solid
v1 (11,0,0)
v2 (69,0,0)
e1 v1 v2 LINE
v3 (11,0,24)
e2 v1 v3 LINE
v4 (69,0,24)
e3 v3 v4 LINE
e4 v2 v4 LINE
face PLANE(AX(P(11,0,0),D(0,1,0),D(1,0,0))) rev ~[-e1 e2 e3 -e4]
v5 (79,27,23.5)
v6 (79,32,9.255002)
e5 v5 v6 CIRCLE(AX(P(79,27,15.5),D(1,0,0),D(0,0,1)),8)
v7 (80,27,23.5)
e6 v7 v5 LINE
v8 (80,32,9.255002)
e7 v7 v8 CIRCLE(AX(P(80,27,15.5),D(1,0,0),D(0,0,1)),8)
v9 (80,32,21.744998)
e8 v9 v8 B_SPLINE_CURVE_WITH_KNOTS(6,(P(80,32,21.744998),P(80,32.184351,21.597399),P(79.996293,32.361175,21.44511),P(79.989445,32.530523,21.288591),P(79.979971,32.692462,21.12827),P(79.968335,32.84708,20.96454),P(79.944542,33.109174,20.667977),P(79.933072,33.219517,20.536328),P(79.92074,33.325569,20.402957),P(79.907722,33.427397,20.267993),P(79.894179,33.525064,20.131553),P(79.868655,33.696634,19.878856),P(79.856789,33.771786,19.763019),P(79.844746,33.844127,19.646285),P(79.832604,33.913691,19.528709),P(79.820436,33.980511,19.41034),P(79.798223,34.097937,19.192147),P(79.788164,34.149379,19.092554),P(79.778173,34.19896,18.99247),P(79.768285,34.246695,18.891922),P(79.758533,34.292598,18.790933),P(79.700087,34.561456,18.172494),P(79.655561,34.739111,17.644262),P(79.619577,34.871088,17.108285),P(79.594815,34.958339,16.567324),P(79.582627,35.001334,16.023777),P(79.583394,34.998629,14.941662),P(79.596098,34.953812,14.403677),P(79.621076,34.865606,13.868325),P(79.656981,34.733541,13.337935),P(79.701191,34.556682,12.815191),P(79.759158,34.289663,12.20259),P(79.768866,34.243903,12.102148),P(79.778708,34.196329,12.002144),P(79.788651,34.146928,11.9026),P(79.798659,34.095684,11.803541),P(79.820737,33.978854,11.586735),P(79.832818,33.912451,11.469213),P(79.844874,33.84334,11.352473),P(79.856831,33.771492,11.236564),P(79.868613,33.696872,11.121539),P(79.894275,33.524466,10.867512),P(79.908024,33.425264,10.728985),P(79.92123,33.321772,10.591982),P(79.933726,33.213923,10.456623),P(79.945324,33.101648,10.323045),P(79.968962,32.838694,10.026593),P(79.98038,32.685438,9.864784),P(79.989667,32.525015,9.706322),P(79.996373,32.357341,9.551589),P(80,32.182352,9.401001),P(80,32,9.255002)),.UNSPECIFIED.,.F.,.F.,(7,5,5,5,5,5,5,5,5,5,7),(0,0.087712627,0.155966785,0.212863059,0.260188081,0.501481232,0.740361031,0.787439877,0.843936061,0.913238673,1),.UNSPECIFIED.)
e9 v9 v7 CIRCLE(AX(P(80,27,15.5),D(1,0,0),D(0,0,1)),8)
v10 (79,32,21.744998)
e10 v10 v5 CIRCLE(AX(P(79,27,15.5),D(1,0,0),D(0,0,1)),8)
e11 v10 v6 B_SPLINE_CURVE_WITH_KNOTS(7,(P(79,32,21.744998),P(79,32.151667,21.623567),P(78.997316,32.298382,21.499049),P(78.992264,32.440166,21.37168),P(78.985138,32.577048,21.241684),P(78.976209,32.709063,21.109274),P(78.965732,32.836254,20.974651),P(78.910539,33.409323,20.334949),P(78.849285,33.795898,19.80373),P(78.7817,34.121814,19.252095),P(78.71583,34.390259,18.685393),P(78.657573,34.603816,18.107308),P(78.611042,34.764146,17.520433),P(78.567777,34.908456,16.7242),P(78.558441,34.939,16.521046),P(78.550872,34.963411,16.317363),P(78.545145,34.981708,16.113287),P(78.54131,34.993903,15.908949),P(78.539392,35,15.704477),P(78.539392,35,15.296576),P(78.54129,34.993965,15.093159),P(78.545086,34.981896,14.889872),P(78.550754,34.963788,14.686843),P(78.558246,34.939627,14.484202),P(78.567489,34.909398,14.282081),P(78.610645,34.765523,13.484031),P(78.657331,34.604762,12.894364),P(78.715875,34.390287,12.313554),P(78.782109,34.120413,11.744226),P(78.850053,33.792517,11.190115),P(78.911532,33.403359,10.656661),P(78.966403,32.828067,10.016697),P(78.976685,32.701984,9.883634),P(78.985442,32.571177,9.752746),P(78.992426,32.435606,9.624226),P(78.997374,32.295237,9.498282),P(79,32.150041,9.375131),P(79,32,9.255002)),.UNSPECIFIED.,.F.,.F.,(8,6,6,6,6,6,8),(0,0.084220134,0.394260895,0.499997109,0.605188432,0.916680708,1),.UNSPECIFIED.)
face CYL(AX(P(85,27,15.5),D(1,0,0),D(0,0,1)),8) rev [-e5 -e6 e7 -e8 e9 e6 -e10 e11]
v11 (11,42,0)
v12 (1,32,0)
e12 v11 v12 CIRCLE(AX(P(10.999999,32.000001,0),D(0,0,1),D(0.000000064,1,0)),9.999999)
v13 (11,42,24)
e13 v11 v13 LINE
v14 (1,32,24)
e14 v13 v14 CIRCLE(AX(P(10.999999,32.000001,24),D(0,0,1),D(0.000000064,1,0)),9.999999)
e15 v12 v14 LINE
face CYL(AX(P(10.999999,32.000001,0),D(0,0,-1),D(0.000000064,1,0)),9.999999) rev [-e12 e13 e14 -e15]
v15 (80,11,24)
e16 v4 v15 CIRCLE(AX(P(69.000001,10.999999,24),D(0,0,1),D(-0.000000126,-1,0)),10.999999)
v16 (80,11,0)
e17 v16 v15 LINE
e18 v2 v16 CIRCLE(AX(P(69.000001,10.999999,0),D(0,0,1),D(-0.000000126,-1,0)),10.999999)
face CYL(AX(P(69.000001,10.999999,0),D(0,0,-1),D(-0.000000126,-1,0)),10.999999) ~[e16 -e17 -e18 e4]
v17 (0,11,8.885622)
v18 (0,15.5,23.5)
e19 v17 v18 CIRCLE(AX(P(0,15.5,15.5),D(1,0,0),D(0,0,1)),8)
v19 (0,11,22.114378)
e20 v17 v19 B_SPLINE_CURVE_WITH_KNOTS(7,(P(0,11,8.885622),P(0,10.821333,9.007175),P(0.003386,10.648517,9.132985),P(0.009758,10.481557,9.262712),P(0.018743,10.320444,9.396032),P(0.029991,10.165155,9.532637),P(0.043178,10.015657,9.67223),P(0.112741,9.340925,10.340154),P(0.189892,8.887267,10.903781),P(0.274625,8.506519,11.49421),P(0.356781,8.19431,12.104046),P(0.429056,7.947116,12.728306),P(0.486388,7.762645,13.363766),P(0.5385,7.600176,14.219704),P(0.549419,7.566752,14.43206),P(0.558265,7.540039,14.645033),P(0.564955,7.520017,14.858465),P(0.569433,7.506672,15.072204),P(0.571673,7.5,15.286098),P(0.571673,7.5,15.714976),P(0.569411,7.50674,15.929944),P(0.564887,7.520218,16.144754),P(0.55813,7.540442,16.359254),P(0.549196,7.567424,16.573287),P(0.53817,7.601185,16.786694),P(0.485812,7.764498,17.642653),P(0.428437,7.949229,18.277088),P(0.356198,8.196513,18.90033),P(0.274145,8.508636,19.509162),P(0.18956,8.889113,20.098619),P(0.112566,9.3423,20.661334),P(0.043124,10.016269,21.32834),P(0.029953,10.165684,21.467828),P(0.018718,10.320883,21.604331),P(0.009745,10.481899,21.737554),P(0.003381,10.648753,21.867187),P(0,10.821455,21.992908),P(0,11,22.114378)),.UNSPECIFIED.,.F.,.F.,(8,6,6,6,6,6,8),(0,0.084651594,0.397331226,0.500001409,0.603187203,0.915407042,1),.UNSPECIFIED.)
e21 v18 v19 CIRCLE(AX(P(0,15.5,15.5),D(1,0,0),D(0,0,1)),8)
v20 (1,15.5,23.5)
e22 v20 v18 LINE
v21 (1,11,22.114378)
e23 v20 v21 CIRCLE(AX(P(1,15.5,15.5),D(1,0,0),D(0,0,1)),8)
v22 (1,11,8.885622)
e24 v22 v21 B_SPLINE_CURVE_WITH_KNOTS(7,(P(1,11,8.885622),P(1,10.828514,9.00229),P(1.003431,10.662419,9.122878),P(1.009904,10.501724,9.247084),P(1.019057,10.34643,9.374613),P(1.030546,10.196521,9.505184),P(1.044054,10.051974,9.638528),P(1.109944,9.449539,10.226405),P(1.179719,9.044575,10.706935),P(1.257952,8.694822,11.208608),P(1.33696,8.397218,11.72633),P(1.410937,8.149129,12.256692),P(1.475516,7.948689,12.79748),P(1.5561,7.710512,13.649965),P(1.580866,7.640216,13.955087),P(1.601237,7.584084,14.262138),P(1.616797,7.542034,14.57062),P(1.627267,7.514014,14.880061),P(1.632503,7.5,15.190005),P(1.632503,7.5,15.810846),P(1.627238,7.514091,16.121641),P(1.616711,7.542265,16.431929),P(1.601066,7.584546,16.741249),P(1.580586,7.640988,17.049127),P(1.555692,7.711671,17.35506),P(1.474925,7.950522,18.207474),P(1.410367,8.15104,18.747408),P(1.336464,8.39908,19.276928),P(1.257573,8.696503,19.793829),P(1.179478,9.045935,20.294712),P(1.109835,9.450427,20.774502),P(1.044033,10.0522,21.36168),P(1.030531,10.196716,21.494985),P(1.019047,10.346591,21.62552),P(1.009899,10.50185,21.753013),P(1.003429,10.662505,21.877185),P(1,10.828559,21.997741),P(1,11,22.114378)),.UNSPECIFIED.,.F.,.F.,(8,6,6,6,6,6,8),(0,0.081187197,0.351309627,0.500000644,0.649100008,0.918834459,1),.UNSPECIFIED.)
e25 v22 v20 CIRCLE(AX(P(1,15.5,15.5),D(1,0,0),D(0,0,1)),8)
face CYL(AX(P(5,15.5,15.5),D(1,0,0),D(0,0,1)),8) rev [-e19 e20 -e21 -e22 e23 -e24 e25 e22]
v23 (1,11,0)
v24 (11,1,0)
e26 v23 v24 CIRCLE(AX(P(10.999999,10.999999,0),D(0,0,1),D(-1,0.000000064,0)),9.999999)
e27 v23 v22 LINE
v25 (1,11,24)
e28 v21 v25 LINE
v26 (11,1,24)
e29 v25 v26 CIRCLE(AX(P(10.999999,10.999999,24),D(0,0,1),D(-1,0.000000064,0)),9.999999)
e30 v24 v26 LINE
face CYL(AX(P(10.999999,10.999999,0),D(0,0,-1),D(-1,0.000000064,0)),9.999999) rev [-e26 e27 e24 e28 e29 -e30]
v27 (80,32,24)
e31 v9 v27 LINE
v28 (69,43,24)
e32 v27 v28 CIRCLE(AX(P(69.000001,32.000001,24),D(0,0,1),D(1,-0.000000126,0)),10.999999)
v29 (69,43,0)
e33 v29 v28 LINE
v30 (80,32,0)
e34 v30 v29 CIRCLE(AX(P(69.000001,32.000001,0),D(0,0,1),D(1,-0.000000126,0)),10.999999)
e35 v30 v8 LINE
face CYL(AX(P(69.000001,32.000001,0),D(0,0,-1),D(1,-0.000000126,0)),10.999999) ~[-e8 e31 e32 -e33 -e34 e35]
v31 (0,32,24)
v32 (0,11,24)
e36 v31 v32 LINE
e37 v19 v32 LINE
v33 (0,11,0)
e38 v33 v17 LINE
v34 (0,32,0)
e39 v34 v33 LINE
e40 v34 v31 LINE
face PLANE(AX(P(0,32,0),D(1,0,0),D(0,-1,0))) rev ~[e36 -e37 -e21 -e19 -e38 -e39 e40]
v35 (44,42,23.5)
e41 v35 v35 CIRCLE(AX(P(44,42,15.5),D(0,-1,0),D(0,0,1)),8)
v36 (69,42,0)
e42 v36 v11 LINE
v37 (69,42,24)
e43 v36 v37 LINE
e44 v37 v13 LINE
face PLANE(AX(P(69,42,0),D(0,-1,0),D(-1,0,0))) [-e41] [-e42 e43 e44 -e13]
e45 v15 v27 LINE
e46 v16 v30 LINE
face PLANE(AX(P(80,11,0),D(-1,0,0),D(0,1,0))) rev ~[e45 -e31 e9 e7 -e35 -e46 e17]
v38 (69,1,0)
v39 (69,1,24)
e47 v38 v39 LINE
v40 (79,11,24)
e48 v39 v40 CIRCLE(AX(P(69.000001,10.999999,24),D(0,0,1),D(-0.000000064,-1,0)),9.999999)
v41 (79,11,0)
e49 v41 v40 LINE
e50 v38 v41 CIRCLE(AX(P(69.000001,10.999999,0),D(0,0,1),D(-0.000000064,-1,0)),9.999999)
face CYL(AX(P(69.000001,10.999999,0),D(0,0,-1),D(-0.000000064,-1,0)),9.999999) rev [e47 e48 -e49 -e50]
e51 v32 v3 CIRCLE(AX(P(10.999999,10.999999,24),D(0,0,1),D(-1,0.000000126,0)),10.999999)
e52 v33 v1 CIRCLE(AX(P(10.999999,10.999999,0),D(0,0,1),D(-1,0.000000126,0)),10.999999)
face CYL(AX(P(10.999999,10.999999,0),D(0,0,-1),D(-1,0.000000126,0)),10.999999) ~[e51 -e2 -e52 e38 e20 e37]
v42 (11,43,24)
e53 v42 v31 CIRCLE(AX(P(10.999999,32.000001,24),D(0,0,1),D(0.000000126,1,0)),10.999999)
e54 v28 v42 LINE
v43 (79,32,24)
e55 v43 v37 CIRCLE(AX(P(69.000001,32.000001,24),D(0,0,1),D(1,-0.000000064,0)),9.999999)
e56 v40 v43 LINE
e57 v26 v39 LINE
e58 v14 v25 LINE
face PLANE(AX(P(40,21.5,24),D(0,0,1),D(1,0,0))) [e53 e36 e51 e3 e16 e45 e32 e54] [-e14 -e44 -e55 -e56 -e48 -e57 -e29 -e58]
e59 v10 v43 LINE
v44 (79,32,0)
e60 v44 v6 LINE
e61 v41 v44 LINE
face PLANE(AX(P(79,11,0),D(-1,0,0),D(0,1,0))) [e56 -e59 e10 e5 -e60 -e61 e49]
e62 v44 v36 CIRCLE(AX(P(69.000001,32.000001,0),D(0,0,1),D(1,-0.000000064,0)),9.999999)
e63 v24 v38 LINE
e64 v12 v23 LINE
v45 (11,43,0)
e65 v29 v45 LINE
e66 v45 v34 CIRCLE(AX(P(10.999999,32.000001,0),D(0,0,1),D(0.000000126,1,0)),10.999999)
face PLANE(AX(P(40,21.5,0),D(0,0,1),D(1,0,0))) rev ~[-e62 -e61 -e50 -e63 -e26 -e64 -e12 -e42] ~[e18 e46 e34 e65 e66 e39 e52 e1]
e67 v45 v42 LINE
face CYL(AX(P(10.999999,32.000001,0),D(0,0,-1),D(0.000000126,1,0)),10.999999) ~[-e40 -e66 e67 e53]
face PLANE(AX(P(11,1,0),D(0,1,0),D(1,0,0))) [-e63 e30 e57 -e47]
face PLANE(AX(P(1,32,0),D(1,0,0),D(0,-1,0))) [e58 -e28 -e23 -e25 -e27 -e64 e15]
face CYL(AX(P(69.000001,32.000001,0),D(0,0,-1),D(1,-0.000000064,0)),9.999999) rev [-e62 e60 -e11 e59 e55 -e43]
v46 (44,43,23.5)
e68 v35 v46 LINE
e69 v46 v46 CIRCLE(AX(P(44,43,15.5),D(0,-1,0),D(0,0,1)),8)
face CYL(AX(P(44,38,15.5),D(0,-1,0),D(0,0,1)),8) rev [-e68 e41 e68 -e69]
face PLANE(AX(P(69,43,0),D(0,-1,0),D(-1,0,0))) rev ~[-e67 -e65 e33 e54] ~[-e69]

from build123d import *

# Parameters (mm, degrees)
CYLINDER033_R     = 8
CYLINDER033_DEPTH = 10
CYLINDER034_R     = 8
CYLINDER034_DEPTH = 10
CYLINDER042_R     = 8
CYLINDER042_DEPTH = 10
PAD_DEPTH         = 24


with BuildPart() as b_w:
    # Cylinder033 → Cylinder033 (new body)
    with BuildSketch(Plane(origin=(5, 15.5, 15.5), x_dir=(0, 0, 1), z_dir=(-1, 0, 0))):
        Circle(CYLINDER033_R)
    extrude(amount=CYLINDER033_DEPTH)


with BuildPart() as b_o:
    # Cylinder034 → Cylinder034 (new body)
    with BuildSketch(Plane(origin=(85, 27, 15.5), x_dir=(0, 0, 1), z_dir=(-1, 0, 0))):
        Circle(CYLINDER034_R)
    extrude(amount=CYLINDER034_DEPTH)


with BuildPart() as b_n001:
    # Cylinder042 → Cylinder042 (new body)
    with BuildSketch(Plane(origin=(44, 38, 15.5), x_dir=(0, 0, 1), z_dir=(0, 1, 0))):
        Circle(CYLINDER042_R)
    extrude(amount=CYLINDER042_DEPTH)


with BuildPart() as cut034:
    # Sketch → Pad (new body)
    with BuildSketch(Plane.XY):
        with BuildLine():
            Line((11, 0), (69, 0))
            ThreePointArc((69, 0), (76.778175, 3.221825), (80, 11))
            Line((80, 11), (80, 32))
            ThreePointArc((80, 32), (76.778175, 39.778175), (69, 43))
            Line((69, 43), (11, 43))
            ThreePointArc((11, 43), (3.221825, 39.778175), (0, 32))
            Line((0, 32), (0, 11))
            ThreePointArc((0, 11), (3.221825, 3.221825), (11, 0))
        make_face()
        with BuildLine():
            Line((11, 1), (69, 1))
            ThreePointArc((69, 1), (76.071068, 3.928932), (79, 11))
            Line((79, 11), (79, 32))
            ThreePointArc((79, 32), (76.071068, 39.071068), (69, 42))
            Line((69, 42), (11, 42))
            ThreePointArc((11, 42), (3.928932, 39.071068), (1, 32))
            Line((1, 32), (1, 11))
            ThreePointArc((1, 11), (3.928932, 3.928932), (11, 1))
        make_face(mode=Mode.SUBTRACT)
    extrude(amount=PAD_DEPTH)

    # Cut032: cut B_N001
    add(b_n001.part, mode=Mode.SUBTRACT)

    # Cut033: cut B_O
    add(b_o.part, mode=Mode.SUBTRACT)

    # Cut034: cut B_W
    add(b_w.part, mode=Mode.SUBTRACT)


solid = cut034.part
